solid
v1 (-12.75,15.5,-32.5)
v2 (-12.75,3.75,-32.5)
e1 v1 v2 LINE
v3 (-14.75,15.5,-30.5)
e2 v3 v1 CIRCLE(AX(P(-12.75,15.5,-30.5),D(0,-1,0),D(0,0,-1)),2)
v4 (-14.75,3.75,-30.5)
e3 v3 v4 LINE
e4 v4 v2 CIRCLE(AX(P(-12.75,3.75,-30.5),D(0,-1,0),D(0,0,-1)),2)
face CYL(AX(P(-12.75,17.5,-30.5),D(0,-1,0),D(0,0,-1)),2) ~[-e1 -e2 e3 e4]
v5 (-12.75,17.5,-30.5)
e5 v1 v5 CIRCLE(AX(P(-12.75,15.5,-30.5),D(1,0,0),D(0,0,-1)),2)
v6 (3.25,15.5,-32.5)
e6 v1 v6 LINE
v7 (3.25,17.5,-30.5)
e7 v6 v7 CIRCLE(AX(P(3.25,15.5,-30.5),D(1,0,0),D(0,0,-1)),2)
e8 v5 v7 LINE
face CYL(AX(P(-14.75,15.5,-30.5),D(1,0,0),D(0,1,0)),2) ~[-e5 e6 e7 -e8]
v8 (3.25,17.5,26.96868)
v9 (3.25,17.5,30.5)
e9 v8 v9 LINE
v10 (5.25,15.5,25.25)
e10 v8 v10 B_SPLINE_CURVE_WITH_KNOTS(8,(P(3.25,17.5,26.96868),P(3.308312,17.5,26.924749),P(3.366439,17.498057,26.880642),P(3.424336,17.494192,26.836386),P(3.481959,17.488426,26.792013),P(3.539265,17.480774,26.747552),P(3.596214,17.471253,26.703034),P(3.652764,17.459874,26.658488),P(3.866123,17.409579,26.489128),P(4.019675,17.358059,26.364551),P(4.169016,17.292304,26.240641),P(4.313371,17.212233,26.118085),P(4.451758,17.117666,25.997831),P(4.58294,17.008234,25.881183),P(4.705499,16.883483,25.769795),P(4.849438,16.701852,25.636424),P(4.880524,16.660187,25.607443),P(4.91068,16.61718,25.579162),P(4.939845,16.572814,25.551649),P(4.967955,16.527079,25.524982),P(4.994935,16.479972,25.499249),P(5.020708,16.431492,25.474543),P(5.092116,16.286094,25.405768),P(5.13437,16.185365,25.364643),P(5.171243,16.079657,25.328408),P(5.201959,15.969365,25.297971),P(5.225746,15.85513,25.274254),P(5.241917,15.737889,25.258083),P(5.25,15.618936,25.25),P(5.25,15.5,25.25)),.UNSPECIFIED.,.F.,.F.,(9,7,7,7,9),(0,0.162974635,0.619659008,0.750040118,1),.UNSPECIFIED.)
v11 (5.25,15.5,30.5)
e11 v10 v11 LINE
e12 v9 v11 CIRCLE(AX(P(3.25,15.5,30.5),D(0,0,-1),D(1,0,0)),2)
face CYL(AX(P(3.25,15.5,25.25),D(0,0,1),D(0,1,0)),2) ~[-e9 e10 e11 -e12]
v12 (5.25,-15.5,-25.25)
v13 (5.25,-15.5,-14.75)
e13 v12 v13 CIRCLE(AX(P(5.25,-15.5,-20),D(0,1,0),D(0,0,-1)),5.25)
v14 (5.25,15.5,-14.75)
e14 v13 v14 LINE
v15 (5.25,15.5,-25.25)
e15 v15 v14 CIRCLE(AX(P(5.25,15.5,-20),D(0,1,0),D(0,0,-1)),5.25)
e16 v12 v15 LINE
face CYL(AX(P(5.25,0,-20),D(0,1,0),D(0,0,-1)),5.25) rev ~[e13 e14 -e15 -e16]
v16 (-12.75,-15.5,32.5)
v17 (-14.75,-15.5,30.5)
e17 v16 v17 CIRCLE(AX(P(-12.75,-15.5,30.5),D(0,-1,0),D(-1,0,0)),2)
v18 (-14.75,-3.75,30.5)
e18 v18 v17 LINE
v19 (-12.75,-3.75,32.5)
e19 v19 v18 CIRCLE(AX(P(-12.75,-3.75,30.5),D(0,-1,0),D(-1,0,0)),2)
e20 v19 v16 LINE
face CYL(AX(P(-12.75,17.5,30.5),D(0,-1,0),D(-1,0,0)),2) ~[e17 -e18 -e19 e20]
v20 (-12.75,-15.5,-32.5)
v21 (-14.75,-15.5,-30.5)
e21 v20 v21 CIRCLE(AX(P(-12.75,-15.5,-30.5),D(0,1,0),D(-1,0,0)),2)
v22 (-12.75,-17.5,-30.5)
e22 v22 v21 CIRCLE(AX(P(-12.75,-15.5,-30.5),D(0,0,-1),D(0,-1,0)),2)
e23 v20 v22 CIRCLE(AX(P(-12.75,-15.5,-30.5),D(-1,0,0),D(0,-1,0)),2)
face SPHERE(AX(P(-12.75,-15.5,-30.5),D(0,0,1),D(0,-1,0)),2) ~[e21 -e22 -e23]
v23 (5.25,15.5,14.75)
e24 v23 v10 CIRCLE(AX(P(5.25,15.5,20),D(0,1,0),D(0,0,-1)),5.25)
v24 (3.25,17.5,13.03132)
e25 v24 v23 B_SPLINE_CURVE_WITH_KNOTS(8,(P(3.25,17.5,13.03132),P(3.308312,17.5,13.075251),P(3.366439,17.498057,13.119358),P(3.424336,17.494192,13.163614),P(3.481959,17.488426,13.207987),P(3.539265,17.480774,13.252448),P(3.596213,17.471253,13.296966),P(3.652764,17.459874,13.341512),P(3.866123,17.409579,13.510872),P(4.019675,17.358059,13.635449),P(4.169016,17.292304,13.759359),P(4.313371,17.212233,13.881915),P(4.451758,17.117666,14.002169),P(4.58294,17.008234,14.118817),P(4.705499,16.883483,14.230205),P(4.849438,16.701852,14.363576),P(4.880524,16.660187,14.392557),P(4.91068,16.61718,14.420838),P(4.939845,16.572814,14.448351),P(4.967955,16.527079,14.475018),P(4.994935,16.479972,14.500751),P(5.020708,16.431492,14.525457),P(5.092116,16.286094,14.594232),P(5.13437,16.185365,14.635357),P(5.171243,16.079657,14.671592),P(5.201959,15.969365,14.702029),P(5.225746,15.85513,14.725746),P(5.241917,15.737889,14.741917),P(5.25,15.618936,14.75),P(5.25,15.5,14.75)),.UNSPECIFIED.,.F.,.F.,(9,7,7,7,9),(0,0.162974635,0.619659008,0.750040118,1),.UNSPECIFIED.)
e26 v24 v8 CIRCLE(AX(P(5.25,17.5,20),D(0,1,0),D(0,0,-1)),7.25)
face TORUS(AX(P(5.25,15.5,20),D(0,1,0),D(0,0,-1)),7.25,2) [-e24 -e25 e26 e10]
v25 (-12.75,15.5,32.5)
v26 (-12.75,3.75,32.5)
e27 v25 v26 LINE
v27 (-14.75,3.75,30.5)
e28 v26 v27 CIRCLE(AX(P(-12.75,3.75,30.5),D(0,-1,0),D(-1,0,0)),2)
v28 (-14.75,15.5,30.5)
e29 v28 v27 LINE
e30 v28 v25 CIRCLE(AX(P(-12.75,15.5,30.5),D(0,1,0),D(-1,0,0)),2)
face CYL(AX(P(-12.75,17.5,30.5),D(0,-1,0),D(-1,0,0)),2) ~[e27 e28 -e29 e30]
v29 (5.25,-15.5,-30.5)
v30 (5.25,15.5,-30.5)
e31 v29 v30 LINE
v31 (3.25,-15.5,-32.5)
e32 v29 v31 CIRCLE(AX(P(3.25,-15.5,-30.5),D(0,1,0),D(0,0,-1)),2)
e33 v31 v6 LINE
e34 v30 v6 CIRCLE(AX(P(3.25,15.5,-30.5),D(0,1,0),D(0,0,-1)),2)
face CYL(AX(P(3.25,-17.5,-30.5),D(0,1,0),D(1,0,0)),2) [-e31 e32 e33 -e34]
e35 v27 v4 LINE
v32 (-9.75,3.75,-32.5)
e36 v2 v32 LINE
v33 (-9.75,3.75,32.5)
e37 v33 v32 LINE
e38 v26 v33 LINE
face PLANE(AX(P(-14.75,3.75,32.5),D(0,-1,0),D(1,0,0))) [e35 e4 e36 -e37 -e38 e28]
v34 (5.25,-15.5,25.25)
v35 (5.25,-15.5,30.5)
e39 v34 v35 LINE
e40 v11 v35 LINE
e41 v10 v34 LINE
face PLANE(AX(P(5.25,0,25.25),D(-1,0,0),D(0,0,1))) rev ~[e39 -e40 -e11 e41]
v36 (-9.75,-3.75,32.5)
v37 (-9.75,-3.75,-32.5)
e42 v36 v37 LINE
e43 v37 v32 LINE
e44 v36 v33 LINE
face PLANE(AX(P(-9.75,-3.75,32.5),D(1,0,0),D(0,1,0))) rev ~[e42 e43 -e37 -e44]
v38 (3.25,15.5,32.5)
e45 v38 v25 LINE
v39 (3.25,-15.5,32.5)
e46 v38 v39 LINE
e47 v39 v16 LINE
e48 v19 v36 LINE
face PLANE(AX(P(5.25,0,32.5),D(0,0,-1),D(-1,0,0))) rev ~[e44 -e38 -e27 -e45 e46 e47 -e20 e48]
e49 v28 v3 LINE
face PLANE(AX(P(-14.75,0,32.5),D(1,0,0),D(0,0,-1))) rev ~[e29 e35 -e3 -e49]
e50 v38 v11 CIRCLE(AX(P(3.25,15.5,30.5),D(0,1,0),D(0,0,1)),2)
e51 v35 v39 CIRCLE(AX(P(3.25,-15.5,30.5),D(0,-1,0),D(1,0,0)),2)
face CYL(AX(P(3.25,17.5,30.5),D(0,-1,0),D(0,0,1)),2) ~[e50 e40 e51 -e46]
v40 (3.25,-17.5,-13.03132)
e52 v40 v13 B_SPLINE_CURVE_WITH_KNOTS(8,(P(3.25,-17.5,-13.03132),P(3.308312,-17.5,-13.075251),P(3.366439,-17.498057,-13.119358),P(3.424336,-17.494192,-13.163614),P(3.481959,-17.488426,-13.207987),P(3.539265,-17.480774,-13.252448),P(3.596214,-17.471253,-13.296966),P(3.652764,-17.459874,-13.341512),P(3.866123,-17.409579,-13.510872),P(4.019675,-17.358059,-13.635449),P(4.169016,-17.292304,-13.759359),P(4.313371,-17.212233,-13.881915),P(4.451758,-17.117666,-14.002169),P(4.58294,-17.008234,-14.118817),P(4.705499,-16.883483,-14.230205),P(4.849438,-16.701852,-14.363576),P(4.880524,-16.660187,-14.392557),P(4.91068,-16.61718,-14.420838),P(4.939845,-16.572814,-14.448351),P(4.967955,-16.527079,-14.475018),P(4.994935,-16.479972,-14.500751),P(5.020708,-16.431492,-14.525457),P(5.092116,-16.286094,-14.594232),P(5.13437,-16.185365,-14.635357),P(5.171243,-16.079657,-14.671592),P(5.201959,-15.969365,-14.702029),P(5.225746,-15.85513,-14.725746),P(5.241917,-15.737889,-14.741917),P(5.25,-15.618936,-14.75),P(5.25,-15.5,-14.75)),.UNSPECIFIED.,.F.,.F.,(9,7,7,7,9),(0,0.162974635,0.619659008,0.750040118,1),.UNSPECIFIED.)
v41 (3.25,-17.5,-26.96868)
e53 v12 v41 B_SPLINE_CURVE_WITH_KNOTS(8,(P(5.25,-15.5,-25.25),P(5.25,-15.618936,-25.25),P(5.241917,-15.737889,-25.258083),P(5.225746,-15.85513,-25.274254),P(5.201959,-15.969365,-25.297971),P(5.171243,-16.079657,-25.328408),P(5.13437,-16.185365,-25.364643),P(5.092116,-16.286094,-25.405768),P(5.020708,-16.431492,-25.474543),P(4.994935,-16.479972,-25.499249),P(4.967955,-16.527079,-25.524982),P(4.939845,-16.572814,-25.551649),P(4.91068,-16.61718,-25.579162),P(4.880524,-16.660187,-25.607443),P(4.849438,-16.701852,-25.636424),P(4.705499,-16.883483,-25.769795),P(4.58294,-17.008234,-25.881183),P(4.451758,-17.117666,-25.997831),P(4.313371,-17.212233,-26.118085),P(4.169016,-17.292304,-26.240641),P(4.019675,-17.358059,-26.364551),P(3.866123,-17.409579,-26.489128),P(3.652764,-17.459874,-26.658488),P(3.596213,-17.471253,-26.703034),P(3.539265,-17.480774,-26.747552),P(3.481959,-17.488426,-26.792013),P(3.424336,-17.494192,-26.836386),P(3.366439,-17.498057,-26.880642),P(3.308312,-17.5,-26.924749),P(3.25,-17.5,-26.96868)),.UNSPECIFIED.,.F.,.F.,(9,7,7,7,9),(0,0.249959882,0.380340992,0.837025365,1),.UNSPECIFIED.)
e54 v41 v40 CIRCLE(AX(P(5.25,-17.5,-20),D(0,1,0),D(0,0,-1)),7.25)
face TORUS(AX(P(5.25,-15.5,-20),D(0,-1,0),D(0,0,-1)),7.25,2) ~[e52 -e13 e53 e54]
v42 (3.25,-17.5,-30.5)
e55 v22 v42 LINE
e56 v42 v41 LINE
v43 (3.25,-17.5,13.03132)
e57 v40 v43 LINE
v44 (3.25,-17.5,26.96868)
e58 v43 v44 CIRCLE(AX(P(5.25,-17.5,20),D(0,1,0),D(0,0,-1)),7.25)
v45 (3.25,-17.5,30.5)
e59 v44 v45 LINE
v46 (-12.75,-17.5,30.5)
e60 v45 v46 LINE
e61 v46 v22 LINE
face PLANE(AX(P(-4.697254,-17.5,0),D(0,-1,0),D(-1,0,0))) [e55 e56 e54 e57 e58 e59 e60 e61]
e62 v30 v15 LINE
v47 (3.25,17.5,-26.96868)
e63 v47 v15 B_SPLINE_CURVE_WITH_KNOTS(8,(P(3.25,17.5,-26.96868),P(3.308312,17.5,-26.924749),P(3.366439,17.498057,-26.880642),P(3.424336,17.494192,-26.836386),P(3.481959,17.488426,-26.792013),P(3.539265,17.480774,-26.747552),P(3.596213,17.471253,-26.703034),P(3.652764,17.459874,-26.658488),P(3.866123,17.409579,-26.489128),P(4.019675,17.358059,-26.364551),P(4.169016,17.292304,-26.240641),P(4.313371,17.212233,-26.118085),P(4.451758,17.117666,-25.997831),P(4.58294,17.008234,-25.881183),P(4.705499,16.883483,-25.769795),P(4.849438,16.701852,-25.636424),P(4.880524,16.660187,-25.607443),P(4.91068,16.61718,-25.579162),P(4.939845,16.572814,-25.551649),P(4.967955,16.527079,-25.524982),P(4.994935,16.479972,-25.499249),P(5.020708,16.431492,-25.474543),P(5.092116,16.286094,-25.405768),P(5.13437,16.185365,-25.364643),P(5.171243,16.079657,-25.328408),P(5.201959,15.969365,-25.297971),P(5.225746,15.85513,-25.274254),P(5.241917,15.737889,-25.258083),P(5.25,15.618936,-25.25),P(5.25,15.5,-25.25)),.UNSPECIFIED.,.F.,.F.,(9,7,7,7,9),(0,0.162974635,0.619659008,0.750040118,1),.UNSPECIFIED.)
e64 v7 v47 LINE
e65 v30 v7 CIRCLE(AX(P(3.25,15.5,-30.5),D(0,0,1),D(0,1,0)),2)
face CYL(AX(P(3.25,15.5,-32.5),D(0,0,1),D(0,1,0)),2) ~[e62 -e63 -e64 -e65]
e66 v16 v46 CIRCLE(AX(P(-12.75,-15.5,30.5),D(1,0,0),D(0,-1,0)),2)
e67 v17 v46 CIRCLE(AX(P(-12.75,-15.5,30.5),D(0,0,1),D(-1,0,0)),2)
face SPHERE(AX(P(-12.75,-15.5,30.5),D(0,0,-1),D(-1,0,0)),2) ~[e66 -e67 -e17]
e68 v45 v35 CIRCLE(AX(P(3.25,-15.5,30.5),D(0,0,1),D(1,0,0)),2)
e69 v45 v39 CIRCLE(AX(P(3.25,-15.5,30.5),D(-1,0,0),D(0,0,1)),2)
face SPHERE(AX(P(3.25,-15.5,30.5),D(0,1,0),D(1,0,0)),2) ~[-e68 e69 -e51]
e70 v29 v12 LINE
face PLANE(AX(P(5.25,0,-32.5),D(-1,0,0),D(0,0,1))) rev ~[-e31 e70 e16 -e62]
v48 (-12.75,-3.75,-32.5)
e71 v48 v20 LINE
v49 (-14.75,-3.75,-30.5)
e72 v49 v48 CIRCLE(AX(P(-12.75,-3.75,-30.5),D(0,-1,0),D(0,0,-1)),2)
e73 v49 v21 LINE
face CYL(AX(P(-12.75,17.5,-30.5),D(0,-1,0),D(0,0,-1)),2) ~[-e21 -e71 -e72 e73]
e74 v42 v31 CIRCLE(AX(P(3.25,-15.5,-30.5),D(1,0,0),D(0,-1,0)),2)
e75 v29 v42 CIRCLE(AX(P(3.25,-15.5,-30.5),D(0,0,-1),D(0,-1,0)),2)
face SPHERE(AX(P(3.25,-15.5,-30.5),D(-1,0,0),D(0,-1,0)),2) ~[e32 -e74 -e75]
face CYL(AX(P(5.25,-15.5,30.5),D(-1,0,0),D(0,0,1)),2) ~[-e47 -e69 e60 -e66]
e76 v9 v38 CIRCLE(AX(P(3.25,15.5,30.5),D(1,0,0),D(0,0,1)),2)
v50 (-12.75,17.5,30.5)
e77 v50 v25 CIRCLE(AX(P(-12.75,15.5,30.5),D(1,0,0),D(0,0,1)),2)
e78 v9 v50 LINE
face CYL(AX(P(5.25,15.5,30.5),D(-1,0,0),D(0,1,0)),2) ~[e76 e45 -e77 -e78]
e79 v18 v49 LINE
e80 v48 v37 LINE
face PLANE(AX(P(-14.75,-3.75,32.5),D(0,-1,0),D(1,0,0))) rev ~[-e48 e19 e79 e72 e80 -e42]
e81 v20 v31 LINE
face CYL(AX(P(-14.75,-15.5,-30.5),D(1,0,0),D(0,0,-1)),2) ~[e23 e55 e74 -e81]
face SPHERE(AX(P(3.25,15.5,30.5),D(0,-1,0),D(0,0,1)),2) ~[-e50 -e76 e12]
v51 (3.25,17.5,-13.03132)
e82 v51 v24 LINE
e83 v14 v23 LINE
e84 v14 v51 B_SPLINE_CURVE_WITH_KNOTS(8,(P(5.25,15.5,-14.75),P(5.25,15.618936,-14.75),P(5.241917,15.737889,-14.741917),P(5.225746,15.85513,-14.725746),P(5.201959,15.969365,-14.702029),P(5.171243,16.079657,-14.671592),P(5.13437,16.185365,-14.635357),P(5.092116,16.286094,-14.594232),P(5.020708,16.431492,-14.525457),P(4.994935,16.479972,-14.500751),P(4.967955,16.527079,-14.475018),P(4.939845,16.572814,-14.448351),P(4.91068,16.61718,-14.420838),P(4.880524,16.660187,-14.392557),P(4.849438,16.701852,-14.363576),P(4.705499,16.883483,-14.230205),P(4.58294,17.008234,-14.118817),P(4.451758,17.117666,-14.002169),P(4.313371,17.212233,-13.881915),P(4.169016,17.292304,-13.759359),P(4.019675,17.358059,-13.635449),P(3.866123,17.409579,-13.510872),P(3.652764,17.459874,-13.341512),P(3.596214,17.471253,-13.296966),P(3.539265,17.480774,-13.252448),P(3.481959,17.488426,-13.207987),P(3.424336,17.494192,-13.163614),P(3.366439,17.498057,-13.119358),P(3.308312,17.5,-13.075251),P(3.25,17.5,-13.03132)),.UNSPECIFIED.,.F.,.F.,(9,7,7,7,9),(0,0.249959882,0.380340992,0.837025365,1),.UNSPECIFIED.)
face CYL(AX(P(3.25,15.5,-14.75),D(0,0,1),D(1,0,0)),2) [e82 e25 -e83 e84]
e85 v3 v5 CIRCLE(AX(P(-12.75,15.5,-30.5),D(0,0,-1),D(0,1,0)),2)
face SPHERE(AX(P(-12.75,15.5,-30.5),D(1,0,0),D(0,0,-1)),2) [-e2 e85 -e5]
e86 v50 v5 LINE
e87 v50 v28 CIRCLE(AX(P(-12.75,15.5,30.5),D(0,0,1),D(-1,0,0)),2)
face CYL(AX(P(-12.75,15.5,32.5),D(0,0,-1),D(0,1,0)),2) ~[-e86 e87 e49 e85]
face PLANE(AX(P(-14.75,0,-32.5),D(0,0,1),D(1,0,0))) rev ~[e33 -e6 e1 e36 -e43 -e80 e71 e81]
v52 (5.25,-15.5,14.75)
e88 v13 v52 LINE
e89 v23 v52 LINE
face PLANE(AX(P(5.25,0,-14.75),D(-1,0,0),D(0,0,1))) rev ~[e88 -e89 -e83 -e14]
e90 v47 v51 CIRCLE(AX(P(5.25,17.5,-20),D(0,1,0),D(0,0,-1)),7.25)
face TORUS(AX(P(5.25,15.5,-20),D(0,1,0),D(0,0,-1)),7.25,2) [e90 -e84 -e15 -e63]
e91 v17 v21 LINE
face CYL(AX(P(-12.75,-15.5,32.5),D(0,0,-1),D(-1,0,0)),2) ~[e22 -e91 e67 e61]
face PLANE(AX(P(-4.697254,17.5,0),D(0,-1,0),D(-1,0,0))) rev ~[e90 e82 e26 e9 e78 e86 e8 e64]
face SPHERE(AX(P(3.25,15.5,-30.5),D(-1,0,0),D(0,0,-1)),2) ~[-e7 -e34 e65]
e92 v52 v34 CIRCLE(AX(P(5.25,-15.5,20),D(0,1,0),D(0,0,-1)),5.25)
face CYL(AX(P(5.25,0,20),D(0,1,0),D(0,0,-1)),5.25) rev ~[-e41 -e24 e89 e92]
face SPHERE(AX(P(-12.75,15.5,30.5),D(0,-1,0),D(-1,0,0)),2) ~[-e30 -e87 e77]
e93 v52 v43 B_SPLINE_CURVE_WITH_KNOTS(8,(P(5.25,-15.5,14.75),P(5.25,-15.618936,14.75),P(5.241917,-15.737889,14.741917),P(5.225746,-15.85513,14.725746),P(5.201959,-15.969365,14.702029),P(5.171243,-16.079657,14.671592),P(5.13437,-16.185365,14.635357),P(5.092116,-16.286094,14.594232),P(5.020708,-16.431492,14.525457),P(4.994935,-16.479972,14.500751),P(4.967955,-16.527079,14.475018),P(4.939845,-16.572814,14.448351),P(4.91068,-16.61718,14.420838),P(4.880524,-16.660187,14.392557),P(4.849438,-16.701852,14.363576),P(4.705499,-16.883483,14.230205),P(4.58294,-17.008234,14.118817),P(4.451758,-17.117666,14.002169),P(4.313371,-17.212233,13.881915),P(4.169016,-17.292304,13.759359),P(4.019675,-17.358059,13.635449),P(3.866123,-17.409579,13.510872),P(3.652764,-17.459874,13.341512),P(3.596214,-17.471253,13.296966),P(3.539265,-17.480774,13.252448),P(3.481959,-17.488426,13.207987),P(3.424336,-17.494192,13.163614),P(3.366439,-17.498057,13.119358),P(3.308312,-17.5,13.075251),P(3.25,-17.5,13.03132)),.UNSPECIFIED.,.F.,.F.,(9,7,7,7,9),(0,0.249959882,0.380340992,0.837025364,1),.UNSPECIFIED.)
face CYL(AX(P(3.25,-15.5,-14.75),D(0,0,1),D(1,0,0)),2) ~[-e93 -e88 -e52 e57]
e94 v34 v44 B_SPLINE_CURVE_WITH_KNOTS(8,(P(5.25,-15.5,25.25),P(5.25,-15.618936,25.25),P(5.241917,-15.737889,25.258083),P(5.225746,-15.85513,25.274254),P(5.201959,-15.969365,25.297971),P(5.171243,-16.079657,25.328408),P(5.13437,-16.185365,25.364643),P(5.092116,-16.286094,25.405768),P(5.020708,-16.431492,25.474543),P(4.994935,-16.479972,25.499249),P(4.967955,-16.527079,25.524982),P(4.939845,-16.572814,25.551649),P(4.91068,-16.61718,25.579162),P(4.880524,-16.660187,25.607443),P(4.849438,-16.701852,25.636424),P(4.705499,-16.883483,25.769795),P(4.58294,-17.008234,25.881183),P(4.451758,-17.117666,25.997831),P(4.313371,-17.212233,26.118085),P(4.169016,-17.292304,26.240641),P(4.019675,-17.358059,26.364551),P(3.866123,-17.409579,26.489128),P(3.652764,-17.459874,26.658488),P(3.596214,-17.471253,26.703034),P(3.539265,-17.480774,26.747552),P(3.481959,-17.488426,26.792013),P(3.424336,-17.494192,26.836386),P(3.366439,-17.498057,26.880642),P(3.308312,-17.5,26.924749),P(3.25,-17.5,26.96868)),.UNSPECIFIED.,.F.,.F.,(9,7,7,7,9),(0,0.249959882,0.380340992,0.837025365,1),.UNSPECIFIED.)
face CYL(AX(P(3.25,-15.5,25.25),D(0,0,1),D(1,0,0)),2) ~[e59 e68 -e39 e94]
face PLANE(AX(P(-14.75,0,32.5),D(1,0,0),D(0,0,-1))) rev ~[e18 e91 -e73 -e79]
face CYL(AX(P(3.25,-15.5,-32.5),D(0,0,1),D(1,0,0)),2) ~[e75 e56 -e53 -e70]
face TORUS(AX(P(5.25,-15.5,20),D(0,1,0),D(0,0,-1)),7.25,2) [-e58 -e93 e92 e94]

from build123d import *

# Parameters (mm, degrees)
BOSS_EXTRUDE1_DEPTH = 17.5
FILLET1_R           = 2
SKETCH3_W           = 5
SKETCH3_H           = 7.5
CUT_EXTRUDE1_DEPTH  = 66


with BuildPart() as part:
    # Sketch2 → Boss-Extrude1 (new body, symmetric)
    with BuildSketch(Plane(origin=(0, 0, 0), x_dir=(1, 0, 0), z_dir=(0, 1, 0))):
        with BuildLine():
            Line((5.25, 14.75), (5.25, -14.75))
            ThreePointArc((5.25, -14.75), (0, -20), (5.25, -25.25))
            Line((5.25, -25.25), (5.25, -32.5))
            Line((5.25, -32.5), (-14.75, -32.5))
            Line((-14.75, -32.5), (-14.75, 32.5))
            Line((-14.75, 32.5), (5.25, 32.5))
            Line((5.25, 32.5), (5.25, 25.25))
            ThreePointArc((5.25, 25.25), (0, 20), (5.25, 14.75))
        make_face()
    extrude(amount=BOSS_EXTRUDE1_DEPTH, both=True)

    # Fillet1
    fillet1_edges = [part.edges().sort_by_distance(p)[0] for p in [
        (-14.75, -17.5, 0),
        (-4.75, -17.5, -32.5),
        (5.25, -17.5, -28.875),
        (0, -17.5, -20),
        (-4.75, 17.5, -32.5),
        (5.25, 0, 32.5),
        (-14.75, 0, 32.5),
        (-14.75, 0, -32.5),
        (5.25, 0, -32.5),
        (-14.75, 17.5, 0),
        (-4.75, 17.5, 32.5),
        (5.25, 17.5, 28.875),
        (0, 17.5, 20),
        (5.25, 17.5, 0),
        (0, 17.5, -20),
        (5.25, -17.5, 0),
        (5.25, 17.5, -28.875),
        (0, -17.5, 20),
        (5.25, -17.5, 28.875),
        (-4.75, -17.5, 32.5),
    ]]
    fillet(fillet1_edges, radius=FILLET1_R)

    # Sketch3 → Cut-Extrude1 (cut, through all)
    with BuildSketch(Plane.XY.offset(32.5)):
        with Locations((-12.25, 0)):
            Rectangle(SKETCH3_W, SKETCH3_H)
    extrude(amount=-CUT_EXTRUDE1_DEPTH, mode=Mode.SUBTRACT)


solid = part.part
